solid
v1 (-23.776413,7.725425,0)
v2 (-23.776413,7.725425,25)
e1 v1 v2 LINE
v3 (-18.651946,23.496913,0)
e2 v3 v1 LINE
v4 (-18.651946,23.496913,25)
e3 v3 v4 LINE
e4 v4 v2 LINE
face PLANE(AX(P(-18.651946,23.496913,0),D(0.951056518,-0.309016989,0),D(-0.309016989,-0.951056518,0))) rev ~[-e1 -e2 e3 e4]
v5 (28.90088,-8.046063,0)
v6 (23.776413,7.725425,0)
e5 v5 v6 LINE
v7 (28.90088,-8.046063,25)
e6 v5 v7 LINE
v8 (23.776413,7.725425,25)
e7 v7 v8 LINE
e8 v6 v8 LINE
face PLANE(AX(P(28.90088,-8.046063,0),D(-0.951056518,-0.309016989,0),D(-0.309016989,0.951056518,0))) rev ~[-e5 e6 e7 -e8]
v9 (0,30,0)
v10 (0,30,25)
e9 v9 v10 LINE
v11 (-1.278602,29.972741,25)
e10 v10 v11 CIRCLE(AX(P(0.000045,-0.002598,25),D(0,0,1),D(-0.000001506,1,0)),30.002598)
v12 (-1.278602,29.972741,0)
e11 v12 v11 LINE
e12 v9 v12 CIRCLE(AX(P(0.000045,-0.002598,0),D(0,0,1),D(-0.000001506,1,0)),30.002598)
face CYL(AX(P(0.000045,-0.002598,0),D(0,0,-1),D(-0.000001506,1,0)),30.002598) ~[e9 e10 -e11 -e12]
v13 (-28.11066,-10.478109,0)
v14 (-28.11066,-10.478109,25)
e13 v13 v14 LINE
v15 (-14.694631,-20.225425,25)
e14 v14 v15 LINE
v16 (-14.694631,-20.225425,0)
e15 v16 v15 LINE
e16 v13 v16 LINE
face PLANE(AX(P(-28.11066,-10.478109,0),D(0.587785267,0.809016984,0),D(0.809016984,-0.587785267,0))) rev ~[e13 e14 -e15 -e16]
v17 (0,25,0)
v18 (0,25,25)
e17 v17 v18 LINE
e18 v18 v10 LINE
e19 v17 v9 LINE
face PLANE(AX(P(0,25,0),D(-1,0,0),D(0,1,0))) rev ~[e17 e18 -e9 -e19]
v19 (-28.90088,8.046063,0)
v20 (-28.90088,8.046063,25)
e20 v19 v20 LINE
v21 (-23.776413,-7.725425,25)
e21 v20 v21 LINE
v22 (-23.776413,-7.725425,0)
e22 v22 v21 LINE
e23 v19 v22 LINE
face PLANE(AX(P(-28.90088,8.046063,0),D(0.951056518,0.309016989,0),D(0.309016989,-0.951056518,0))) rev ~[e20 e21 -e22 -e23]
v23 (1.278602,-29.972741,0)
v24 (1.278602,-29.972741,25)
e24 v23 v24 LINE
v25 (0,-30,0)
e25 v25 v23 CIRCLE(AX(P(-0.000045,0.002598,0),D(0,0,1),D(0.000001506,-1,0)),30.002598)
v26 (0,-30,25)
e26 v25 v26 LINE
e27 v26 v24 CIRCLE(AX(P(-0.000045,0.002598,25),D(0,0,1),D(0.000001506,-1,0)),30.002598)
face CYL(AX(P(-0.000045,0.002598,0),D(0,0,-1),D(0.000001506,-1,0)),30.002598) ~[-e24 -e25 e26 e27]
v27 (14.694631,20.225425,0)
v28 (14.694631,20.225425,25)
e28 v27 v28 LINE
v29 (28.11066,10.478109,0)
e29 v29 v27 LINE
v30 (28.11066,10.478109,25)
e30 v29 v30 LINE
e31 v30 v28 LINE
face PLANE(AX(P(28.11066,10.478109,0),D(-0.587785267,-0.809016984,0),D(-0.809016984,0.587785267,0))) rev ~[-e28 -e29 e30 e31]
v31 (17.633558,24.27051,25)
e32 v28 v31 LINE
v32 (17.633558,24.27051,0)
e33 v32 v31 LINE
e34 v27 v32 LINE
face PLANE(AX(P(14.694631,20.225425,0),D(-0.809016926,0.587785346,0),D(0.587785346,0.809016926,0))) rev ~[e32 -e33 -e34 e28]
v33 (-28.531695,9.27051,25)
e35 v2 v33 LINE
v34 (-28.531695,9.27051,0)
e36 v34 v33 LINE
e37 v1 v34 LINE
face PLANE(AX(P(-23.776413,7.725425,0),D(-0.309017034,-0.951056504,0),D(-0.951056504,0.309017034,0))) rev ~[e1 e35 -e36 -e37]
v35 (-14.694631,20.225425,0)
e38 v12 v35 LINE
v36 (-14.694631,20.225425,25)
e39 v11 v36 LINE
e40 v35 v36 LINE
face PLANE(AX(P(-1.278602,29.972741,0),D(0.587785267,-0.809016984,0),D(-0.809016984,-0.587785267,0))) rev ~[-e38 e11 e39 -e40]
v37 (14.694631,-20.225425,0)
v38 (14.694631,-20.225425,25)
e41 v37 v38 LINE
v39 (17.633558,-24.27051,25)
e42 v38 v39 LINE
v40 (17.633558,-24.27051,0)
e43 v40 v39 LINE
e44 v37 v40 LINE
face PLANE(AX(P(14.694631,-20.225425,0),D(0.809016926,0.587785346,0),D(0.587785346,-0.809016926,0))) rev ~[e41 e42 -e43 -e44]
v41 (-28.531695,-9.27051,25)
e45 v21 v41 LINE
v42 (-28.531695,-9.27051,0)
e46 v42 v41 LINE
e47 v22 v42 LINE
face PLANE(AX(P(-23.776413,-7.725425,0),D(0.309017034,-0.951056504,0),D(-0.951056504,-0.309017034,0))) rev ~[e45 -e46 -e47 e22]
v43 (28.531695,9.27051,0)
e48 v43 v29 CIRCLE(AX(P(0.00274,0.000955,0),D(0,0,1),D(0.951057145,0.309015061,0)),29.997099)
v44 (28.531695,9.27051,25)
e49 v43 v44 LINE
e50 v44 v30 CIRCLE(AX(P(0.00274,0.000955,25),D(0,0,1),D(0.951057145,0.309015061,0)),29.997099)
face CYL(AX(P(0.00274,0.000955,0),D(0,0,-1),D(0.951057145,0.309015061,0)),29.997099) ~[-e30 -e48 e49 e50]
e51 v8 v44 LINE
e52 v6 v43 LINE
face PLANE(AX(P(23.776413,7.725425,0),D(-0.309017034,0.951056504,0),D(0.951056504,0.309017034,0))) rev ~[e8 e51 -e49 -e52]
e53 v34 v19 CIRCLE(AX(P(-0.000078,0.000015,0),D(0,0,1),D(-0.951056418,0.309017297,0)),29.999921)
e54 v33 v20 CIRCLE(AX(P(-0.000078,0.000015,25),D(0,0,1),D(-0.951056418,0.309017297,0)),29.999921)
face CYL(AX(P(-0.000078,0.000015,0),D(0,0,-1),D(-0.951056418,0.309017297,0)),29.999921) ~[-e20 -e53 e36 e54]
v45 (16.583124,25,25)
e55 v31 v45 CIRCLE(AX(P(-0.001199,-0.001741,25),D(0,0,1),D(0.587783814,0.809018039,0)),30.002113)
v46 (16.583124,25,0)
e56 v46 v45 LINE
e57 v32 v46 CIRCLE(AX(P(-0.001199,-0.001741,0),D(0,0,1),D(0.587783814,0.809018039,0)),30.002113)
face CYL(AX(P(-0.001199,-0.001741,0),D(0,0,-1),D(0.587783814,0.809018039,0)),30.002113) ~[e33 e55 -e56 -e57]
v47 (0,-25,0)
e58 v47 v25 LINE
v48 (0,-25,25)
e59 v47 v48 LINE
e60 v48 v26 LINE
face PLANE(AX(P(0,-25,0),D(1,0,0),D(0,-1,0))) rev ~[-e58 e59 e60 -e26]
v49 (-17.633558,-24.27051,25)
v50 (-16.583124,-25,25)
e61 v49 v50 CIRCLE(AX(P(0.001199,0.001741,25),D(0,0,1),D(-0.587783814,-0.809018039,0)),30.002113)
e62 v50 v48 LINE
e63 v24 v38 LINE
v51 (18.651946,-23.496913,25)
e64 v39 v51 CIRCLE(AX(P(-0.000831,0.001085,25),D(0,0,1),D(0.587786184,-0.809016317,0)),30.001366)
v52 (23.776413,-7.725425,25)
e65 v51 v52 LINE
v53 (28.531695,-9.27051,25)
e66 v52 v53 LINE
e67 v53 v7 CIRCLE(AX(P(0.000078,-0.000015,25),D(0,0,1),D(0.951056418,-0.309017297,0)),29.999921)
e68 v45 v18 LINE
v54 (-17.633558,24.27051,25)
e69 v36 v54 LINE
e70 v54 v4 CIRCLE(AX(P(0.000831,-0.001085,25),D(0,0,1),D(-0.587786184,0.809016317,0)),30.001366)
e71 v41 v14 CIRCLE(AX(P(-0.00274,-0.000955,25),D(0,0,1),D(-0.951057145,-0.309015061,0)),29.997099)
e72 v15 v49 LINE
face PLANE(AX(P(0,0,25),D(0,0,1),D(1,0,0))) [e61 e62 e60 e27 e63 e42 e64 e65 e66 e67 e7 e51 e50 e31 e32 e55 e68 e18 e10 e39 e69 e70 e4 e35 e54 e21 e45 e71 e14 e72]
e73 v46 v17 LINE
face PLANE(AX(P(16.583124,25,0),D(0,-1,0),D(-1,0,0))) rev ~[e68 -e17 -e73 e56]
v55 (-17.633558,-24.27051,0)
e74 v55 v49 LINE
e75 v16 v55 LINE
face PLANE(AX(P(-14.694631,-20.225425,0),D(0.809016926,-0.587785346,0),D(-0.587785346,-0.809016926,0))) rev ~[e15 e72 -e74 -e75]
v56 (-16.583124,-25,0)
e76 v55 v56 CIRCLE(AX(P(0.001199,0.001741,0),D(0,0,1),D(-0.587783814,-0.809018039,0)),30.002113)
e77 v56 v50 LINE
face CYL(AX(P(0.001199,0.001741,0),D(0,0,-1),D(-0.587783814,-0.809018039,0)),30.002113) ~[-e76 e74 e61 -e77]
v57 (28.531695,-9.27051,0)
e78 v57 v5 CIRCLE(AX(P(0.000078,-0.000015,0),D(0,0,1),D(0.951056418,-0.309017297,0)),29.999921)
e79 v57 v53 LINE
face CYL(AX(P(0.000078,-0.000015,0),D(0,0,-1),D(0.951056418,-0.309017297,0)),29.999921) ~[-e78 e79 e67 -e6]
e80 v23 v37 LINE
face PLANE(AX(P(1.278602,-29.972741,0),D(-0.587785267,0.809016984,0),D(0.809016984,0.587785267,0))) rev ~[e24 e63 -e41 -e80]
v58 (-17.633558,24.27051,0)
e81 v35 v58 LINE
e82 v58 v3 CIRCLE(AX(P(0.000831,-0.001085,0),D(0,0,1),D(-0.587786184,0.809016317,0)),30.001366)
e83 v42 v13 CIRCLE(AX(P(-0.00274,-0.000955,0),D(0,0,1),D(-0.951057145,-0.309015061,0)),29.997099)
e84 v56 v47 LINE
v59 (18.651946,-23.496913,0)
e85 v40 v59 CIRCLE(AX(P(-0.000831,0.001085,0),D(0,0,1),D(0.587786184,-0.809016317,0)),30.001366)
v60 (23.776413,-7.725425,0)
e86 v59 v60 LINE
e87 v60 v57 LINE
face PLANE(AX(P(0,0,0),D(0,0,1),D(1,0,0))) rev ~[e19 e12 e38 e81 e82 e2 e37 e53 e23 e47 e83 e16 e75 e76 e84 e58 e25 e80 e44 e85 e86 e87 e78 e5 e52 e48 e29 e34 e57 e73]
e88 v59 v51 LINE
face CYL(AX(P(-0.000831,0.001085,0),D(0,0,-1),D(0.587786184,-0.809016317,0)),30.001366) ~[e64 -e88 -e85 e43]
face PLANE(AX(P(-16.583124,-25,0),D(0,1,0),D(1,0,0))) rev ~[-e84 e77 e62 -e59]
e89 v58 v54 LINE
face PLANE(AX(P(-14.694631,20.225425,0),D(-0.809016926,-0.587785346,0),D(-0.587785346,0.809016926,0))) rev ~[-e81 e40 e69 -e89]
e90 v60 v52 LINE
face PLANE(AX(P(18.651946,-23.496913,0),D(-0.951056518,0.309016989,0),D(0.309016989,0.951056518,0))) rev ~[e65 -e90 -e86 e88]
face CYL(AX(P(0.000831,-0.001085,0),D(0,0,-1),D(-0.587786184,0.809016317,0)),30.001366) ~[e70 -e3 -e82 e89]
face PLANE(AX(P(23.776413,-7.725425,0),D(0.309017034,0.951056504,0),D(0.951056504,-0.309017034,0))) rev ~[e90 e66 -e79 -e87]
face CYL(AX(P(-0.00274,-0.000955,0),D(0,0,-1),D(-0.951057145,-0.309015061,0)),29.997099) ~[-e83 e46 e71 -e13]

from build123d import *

# Parameters (mm, degrees)
F1_DEPTH = 25


with BuildPart() as f1:
    # F0 (on Top) → F1 (new body)
    with BuildSketch(Plane.XY):
        with BuildLine():
            Line((0, 25), (0, 30))
            ThreePointArc((0, 30), (-0.639446, 29.993184), (-1.278602, 29.972741))
            Line((-1.278602, 29.972741), (-14.694631, 20.225425))
            Line((-14.694631, 20.225425), (-17.633558, 24.27051))
            ThreePointArc((-17.633558, 24.27051), (-18.146874, 23.889139), (-18.651946, 23.496913))
            Line((-18.651946, 23.496913), (-23.776413, 7.725425))
            Line((-23.776413, 7.725425), (-28.531695, 9.27051))
            ThreePointArc((-28.531695, 9.27051), (-28.722813, 8.660254), (-28.90088, 8.046063))
            Line((-28.90088, 8.046063), (-23.776413, -7.725425))
            Line((-23.776413, -7.725425), (-28.531695, -9.27051))
            ThreePointArc((-28.531695, -9.27051), (-28.327614, -9.876553), (-28.11066, -10.478109))
            Line((-28.11066, -10.478109), (-14.694631, -20.225425))
            Line((-14.694631, -20.225425), (-17.633558, -24.27051))
            ThreePointArc((-17.633558, -24.27051), (-17.112228, -24.640853), (-16.583124, -25))
            Line((-16.583124, -25), (0, -25))
            Line((0, -25), (0, -30))
            ThreePointArc((0, -30), (0.639446, -29.993184), (1.278602, -29.972741))
            Line((1.278602, -29.972741), (14.694631, -20.225425))
            Line((14.694631, -20.225425), (17.633558, -24.27051))
            ThreePointArc((17.633558, -24.27051), (18.146874, -23.889139), (18.651946, -23.496913))
            Line((18.651946, -23.496913), (23.776413, -7.725425))
            Line((23.776413, -7.725425), (28.531695, -9.27051))
            ThreePointArc((28.531695, -9.27051), (28.722813, -8.660254), (28.90088, -8.046063))
            Line((28.90088, -8.046063), (23.776413, 7.725425))
            Line((23.776413, 7.725425), (28.531695, 9.27051))
            ThreePointArc((28.531695, 9.27051), (28.327614, 9.876553), (28.11066, 10.478109))
            Line((28.11066, 10.478109), (14.694631, 20.225425))
            Line((14.694631, 20.225425), (17.633558, 24.27051))
            ThreePointArc((17.633558, 24.27051), (17.112228, 24.640853), (16.583124, 25))
            Line((16.583124, 25), (0, 25))
        make_face()
    extrude(amount=F1_DEPTH)


solid = f1.part
